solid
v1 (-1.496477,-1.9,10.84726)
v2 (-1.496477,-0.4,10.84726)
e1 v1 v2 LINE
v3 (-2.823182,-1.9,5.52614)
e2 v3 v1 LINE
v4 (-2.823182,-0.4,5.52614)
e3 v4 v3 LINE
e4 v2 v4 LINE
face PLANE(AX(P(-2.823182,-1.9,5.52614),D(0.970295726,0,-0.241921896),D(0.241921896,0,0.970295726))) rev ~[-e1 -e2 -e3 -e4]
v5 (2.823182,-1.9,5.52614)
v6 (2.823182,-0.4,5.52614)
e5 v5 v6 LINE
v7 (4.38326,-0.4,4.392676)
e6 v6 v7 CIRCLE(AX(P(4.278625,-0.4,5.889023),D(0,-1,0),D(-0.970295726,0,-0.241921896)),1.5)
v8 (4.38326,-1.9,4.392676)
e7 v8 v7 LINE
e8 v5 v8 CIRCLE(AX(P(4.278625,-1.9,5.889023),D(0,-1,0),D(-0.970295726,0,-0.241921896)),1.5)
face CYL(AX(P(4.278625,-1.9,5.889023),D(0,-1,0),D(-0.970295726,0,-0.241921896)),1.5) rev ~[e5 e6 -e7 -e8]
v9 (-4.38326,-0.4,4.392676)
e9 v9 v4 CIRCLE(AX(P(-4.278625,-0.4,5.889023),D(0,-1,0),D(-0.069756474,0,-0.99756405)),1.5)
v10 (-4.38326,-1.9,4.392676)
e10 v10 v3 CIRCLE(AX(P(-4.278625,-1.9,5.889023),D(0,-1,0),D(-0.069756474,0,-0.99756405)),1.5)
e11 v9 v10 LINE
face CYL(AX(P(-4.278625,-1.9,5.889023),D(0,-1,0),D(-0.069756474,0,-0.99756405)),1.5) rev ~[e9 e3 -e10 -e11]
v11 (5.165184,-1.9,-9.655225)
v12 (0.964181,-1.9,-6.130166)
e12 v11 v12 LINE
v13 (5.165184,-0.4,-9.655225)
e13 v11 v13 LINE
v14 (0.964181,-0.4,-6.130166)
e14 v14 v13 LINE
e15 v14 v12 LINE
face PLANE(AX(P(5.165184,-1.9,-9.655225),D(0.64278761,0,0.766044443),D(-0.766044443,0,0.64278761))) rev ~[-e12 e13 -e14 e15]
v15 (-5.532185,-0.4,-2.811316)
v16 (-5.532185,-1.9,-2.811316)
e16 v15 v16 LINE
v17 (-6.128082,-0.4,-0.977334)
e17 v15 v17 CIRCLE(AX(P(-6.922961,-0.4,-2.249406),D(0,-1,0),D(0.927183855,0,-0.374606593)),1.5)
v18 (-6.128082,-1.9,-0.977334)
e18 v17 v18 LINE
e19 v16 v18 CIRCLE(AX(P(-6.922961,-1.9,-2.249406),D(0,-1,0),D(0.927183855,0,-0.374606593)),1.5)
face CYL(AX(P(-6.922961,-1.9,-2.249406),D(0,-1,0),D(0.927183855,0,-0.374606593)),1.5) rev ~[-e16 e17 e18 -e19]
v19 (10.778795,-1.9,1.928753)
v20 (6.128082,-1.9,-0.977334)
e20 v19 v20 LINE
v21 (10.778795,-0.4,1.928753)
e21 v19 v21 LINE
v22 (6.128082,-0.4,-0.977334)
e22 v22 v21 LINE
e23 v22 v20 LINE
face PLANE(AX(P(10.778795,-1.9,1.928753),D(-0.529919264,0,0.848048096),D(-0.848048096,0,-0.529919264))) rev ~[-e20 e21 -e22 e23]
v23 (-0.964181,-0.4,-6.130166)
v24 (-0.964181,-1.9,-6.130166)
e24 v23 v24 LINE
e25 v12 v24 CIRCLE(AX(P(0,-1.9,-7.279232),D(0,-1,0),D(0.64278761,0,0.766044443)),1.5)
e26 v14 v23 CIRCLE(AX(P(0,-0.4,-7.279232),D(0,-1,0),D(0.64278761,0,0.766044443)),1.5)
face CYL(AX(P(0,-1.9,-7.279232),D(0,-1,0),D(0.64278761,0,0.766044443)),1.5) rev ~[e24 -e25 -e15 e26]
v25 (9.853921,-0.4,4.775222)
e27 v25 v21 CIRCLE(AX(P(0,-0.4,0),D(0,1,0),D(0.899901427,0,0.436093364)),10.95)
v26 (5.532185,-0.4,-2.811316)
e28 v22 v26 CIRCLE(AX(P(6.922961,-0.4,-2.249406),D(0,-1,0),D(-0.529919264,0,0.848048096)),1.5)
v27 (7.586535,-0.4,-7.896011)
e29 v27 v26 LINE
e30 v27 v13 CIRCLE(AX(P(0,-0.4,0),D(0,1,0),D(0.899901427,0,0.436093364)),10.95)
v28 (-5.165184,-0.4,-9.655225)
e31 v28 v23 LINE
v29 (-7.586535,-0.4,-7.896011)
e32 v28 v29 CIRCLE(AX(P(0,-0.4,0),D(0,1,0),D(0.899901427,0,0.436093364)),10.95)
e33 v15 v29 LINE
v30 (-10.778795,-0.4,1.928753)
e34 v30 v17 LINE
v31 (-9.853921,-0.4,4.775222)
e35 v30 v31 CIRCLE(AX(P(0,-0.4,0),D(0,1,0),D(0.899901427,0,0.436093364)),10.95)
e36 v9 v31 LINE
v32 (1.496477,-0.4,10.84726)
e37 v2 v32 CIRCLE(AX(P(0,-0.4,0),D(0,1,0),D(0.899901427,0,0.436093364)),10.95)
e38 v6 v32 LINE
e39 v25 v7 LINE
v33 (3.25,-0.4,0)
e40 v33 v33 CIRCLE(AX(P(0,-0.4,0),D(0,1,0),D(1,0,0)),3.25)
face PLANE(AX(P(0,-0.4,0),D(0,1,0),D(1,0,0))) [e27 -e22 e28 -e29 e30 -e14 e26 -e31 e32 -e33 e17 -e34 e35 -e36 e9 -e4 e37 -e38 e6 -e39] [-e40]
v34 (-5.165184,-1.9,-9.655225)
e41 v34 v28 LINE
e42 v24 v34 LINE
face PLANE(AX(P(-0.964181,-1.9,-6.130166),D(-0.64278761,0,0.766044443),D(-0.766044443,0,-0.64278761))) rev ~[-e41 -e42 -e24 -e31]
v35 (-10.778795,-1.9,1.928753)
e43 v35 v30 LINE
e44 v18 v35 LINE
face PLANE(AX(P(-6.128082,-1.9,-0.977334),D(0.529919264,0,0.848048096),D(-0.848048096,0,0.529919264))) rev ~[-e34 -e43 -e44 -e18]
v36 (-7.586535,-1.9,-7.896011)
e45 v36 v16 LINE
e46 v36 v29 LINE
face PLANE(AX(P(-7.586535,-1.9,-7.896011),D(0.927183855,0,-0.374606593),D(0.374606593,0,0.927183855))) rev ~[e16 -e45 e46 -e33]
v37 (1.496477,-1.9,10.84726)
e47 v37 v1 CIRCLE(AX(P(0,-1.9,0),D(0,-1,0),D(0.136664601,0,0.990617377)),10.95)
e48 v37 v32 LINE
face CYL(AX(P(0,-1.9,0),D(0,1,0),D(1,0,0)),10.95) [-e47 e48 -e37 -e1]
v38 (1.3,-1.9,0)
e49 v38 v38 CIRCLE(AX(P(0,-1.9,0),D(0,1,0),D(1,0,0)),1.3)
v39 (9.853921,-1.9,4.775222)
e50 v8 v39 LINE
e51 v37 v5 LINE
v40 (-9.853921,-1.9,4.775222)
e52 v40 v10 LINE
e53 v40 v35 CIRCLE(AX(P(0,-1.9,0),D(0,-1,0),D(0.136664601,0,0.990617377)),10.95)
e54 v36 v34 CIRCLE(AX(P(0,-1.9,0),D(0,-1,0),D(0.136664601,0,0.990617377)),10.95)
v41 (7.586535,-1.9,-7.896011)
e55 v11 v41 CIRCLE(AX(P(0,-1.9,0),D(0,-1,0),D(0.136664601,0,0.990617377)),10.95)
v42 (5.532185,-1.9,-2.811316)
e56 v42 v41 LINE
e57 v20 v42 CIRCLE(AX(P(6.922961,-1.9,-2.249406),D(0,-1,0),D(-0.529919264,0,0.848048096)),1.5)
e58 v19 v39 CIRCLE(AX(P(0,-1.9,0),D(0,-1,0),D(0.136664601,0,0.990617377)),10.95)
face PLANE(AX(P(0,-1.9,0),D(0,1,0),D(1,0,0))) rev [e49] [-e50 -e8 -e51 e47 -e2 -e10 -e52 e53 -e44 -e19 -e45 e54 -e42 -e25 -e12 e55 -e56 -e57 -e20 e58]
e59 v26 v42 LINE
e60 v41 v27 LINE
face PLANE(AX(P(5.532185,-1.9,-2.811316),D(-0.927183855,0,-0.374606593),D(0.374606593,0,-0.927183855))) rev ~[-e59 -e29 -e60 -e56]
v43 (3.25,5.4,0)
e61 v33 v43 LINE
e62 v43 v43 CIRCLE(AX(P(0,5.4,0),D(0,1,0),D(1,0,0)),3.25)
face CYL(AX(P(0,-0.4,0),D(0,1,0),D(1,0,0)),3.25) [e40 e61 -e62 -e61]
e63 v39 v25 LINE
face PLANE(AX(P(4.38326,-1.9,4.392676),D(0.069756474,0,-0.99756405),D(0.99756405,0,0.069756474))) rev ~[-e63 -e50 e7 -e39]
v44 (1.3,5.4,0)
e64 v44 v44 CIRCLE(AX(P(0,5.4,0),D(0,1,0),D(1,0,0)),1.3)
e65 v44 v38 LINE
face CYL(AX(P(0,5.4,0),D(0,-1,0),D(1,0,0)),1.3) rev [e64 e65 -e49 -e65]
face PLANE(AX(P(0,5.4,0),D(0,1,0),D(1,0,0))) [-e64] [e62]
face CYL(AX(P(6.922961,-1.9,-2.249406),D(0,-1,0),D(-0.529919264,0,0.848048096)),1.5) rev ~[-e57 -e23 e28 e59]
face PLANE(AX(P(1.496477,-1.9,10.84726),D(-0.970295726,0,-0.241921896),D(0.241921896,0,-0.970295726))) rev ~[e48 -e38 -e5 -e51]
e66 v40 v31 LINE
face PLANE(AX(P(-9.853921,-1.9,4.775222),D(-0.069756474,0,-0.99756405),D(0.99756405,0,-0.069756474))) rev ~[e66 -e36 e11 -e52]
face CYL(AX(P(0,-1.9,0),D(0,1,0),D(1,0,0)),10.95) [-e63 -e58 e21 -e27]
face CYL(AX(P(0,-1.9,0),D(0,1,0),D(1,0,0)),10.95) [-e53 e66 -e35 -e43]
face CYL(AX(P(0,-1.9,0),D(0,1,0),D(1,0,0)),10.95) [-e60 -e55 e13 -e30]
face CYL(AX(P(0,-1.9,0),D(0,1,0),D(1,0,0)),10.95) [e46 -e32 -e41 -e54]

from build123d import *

# Parameters (mm, degrees)
POCKET_DEPTH       = 70.9409245757
POCKET_DEPTH_BACK  = 63.6409245757
POLARPATTERN_COUNT = 5


with BuildPart() as part:
    # Sketch → Revolution (revolve)
    with BuildSketch(Plane.XY):
        Polygon((3.25, 5.4), (1.3, 5.4), (1.3, -1.9), (10.95, -1.9), (10.95, -0.4), (3.25, -0.4), align=None)
    revolve(axis=Axis((0, 0, 0), (0, 1, 0)))

    # Sketch002 (on Face3 of Revolution) → Pocket (cut, two sides)
    with BuildSketch(Plane.XZ.offset(1.9)) as pocket_sk:
        with BuildLine():
            Line((1.4964773799, 10.847260274), (2.8231817433, 5.526139709))
            ThreePointArc((2.8231817433, 5.526139709), (3.3969474543, 4.6754970609), (4.3832600433, 4.392676477))
            Line((4.3832600433, 4.392676477), (9.8539206254, 4.7752223308))
            ThreePointArc((9.8539206254, 4.7752223308), (6.4362485126, 8.8587360884), (1.4964773799, 10.847260274))
        make_face()
    pocket = extrude(amount=-POCKET_DEPTH, mode=Mode.SUBTRACT) + extrude(pocket_sk.sketch, amount=POCKET_DEPTH_BACK, mode=Mode.SUBTRACT)

    # PolarPattern: Pocket ×5 about axis
    polarpattern_axis = Axis((0, -1.9, 0), (0, -1, 0))
    for i in range(1, POLARPATTERN_COUNT):
        add(pocket.rotate(polarpattern_axis, i * 360 / POLARPATTERN_COUNT), mode=Mode.SUBTRACT)


solid = part.part
